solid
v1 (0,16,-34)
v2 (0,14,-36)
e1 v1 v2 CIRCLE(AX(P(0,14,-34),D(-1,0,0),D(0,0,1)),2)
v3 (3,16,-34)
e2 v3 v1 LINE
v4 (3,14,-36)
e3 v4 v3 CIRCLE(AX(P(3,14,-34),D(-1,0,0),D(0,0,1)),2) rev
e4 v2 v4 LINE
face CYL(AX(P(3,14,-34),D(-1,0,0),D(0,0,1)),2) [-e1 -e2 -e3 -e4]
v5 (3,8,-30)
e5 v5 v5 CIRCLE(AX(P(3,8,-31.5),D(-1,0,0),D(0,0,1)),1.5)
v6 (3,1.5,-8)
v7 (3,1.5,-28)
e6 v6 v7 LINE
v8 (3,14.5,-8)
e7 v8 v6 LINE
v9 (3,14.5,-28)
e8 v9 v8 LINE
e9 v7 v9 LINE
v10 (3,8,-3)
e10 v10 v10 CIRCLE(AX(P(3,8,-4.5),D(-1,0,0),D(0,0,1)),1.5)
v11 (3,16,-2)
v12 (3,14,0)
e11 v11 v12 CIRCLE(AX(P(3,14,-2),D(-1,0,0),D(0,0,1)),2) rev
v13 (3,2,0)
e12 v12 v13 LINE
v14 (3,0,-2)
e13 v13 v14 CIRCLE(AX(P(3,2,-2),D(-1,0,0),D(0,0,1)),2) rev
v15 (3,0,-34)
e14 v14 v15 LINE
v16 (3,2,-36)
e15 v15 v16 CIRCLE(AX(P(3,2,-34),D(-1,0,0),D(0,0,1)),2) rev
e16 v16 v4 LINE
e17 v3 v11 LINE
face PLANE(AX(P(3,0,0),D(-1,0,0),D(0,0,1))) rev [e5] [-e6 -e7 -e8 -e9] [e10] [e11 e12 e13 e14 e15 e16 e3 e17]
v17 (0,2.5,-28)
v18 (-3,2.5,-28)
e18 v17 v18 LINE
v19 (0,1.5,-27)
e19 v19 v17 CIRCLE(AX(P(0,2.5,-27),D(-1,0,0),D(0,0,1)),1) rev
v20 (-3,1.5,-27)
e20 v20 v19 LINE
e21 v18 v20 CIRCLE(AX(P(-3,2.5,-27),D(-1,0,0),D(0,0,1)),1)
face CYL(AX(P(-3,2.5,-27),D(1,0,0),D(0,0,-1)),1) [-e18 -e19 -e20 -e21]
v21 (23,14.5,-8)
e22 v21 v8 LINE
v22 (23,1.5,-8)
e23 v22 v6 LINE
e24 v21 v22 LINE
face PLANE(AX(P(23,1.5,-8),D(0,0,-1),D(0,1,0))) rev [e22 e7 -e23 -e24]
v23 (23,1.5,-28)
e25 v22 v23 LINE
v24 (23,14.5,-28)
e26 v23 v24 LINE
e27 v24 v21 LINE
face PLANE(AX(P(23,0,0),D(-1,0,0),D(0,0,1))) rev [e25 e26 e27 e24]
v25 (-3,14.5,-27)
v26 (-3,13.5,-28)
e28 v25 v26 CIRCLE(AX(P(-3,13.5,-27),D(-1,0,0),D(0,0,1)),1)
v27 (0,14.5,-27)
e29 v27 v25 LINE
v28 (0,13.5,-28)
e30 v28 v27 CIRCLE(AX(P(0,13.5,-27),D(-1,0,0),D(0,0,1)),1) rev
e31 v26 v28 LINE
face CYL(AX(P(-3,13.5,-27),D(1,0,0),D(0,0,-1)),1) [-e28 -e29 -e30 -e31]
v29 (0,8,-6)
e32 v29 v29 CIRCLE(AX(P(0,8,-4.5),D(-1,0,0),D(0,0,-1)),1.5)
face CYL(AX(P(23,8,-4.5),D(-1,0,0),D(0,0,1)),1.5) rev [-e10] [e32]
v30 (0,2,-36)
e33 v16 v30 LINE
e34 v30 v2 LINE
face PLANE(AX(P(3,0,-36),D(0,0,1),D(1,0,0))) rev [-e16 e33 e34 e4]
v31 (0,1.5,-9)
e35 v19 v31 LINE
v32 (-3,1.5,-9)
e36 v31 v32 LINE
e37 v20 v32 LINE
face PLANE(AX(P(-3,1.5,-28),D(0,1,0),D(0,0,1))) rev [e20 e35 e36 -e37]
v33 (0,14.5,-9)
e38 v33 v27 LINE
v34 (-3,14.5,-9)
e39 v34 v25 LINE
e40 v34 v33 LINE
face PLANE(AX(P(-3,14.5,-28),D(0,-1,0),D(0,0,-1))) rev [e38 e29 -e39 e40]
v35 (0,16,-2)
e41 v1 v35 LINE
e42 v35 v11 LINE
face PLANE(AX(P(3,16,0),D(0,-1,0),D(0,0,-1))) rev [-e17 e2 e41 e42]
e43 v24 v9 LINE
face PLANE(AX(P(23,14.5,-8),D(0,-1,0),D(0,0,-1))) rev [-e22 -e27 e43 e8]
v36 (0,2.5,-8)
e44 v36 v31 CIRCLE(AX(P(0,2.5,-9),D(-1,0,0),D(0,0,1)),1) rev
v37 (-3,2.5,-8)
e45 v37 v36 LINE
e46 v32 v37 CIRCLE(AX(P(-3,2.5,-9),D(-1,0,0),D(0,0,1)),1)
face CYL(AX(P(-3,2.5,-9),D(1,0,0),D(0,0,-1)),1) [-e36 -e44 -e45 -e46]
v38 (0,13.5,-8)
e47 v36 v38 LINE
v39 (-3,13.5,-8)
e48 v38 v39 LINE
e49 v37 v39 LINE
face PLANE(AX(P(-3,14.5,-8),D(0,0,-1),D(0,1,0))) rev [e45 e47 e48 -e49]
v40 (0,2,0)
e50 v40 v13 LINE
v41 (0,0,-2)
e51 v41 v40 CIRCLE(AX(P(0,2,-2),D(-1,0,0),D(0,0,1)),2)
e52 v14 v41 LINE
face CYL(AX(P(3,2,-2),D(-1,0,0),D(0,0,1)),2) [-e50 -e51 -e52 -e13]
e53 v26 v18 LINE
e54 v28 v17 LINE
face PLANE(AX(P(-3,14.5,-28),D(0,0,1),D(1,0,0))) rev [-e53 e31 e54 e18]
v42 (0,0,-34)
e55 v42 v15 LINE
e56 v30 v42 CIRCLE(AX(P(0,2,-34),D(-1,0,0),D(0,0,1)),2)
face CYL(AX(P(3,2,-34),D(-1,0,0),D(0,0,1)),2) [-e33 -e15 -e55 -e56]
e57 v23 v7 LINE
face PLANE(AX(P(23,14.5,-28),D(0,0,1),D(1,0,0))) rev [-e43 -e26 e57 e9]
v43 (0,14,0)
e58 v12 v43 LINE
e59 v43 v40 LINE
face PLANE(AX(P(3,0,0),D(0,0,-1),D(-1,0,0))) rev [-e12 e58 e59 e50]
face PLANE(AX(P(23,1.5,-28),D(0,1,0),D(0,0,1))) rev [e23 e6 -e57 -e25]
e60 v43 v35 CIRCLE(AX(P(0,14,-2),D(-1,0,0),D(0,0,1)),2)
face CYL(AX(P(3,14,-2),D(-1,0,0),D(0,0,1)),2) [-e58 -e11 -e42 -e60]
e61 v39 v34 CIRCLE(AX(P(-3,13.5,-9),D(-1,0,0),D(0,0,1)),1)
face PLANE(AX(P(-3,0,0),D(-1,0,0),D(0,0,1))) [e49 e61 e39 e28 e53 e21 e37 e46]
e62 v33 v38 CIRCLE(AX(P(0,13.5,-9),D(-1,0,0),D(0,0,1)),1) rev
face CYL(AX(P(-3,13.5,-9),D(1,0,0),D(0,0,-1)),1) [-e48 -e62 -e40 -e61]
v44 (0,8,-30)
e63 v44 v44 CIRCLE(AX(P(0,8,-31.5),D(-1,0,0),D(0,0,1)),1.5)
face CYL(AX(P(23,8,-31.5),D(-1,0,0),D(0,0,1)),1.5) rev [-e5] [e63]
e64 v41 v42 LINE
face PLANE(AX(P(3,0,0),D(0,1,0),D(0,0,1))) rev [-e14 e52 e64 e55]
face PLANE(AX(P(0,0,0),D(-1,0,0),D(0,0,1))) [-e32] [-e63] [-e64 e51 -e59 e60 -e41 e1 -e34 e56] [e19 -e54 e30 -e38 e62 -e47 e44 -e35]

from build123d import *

# Parameters (mm, degrees)
SKETCH_1_W          = 36
SKETCH_1_H          = 16
EXTRUDE_1_DEPTH     = 3
SKETCH_2_W          = 20
SKETCH_2_H          = 13
EXTRUDE_2_DEPTH     = 3
SKETCH_3_W          = 20
SKETCH_3_H          = 13
EXTRUDE_3_DEPTH     = 20
FILLET_1_R          = 2
FILLET_2_R          = 1
SKETCH_4_R          = 1.5
CUT_EXTRUDE_1_DEPTH = 46.617978912


with BuildPart() as part:
    # 草图1 → 凸台-拉伸1 (new body)
    with BuildSketch(Plane(origin=(0, 0, 0), x_dir=(0, 0, -1), z_dir=(1, 0, 0))):
        with Locations((18, 8)):
            Rectangle(SKETCH_1_W, SKETCH_1_H)
    extrude(amount=EXTRUDE_1_DEPTH)

    # 草图2 → 凸台-拉伸2 (add)
    with BuildSketch(Plane.ZY):
        with Locations((-18, 8)):
            Rectangle(SKETCH_2_W, SKETCH_2_H)
    extrude(amount=EXTRUDE_2_DEPTH)

    # 草图3 → 凸台-拉伸3 (add)
    with BuildSketch(Plane(origin=(3, 0, 0), x_dir=(0, 0, -1), z_dir=(1, 0, 0))):
        with Locations((18, 8)):
            Rectangle(SKETCH_3_W, SKETCH_3_H)
    extrude(amount=EXTRUDE_3_DEPTH)

    # 圆角1
    fillet_1_edges = [part.edges().sort_by_distance(p)[0] for p in [
        (1.5, 16, 0),
        (1.5, 16, -36),
        (1.5, 0, -36),
        (1.5, 0, 0),
    ]]
    fillet(fillet_1_edges, radius=FILLET_1_R)

    # 圆角2
    fillet_2_edges = [part.edges().sort_by_distance(p)[0] for p in [
        (-1.5, 14.5, -28),
        (-1.5, 1.5, -28),
        (-1.5, 1.5, -8),
        (-1.5, 14.5, -8),
    ]]
    fillet(fillet_2_edges, radius=FILLET_2_R)

    # 草图4 → 切除-拉伸1 (cut, through all)
    with BuildSketch(Plane.ZY):
        with Locations((-31.5, 8)):
            Circle(SKETCH_4_R)
        with Locations((-4.5, 8)):
            Circle(SKETCH_4_R)
    extrude(amount=-CUT_EXTRUDE_1_DEPTH, mode=Mode.SUBTRACT)


solid = part.part
